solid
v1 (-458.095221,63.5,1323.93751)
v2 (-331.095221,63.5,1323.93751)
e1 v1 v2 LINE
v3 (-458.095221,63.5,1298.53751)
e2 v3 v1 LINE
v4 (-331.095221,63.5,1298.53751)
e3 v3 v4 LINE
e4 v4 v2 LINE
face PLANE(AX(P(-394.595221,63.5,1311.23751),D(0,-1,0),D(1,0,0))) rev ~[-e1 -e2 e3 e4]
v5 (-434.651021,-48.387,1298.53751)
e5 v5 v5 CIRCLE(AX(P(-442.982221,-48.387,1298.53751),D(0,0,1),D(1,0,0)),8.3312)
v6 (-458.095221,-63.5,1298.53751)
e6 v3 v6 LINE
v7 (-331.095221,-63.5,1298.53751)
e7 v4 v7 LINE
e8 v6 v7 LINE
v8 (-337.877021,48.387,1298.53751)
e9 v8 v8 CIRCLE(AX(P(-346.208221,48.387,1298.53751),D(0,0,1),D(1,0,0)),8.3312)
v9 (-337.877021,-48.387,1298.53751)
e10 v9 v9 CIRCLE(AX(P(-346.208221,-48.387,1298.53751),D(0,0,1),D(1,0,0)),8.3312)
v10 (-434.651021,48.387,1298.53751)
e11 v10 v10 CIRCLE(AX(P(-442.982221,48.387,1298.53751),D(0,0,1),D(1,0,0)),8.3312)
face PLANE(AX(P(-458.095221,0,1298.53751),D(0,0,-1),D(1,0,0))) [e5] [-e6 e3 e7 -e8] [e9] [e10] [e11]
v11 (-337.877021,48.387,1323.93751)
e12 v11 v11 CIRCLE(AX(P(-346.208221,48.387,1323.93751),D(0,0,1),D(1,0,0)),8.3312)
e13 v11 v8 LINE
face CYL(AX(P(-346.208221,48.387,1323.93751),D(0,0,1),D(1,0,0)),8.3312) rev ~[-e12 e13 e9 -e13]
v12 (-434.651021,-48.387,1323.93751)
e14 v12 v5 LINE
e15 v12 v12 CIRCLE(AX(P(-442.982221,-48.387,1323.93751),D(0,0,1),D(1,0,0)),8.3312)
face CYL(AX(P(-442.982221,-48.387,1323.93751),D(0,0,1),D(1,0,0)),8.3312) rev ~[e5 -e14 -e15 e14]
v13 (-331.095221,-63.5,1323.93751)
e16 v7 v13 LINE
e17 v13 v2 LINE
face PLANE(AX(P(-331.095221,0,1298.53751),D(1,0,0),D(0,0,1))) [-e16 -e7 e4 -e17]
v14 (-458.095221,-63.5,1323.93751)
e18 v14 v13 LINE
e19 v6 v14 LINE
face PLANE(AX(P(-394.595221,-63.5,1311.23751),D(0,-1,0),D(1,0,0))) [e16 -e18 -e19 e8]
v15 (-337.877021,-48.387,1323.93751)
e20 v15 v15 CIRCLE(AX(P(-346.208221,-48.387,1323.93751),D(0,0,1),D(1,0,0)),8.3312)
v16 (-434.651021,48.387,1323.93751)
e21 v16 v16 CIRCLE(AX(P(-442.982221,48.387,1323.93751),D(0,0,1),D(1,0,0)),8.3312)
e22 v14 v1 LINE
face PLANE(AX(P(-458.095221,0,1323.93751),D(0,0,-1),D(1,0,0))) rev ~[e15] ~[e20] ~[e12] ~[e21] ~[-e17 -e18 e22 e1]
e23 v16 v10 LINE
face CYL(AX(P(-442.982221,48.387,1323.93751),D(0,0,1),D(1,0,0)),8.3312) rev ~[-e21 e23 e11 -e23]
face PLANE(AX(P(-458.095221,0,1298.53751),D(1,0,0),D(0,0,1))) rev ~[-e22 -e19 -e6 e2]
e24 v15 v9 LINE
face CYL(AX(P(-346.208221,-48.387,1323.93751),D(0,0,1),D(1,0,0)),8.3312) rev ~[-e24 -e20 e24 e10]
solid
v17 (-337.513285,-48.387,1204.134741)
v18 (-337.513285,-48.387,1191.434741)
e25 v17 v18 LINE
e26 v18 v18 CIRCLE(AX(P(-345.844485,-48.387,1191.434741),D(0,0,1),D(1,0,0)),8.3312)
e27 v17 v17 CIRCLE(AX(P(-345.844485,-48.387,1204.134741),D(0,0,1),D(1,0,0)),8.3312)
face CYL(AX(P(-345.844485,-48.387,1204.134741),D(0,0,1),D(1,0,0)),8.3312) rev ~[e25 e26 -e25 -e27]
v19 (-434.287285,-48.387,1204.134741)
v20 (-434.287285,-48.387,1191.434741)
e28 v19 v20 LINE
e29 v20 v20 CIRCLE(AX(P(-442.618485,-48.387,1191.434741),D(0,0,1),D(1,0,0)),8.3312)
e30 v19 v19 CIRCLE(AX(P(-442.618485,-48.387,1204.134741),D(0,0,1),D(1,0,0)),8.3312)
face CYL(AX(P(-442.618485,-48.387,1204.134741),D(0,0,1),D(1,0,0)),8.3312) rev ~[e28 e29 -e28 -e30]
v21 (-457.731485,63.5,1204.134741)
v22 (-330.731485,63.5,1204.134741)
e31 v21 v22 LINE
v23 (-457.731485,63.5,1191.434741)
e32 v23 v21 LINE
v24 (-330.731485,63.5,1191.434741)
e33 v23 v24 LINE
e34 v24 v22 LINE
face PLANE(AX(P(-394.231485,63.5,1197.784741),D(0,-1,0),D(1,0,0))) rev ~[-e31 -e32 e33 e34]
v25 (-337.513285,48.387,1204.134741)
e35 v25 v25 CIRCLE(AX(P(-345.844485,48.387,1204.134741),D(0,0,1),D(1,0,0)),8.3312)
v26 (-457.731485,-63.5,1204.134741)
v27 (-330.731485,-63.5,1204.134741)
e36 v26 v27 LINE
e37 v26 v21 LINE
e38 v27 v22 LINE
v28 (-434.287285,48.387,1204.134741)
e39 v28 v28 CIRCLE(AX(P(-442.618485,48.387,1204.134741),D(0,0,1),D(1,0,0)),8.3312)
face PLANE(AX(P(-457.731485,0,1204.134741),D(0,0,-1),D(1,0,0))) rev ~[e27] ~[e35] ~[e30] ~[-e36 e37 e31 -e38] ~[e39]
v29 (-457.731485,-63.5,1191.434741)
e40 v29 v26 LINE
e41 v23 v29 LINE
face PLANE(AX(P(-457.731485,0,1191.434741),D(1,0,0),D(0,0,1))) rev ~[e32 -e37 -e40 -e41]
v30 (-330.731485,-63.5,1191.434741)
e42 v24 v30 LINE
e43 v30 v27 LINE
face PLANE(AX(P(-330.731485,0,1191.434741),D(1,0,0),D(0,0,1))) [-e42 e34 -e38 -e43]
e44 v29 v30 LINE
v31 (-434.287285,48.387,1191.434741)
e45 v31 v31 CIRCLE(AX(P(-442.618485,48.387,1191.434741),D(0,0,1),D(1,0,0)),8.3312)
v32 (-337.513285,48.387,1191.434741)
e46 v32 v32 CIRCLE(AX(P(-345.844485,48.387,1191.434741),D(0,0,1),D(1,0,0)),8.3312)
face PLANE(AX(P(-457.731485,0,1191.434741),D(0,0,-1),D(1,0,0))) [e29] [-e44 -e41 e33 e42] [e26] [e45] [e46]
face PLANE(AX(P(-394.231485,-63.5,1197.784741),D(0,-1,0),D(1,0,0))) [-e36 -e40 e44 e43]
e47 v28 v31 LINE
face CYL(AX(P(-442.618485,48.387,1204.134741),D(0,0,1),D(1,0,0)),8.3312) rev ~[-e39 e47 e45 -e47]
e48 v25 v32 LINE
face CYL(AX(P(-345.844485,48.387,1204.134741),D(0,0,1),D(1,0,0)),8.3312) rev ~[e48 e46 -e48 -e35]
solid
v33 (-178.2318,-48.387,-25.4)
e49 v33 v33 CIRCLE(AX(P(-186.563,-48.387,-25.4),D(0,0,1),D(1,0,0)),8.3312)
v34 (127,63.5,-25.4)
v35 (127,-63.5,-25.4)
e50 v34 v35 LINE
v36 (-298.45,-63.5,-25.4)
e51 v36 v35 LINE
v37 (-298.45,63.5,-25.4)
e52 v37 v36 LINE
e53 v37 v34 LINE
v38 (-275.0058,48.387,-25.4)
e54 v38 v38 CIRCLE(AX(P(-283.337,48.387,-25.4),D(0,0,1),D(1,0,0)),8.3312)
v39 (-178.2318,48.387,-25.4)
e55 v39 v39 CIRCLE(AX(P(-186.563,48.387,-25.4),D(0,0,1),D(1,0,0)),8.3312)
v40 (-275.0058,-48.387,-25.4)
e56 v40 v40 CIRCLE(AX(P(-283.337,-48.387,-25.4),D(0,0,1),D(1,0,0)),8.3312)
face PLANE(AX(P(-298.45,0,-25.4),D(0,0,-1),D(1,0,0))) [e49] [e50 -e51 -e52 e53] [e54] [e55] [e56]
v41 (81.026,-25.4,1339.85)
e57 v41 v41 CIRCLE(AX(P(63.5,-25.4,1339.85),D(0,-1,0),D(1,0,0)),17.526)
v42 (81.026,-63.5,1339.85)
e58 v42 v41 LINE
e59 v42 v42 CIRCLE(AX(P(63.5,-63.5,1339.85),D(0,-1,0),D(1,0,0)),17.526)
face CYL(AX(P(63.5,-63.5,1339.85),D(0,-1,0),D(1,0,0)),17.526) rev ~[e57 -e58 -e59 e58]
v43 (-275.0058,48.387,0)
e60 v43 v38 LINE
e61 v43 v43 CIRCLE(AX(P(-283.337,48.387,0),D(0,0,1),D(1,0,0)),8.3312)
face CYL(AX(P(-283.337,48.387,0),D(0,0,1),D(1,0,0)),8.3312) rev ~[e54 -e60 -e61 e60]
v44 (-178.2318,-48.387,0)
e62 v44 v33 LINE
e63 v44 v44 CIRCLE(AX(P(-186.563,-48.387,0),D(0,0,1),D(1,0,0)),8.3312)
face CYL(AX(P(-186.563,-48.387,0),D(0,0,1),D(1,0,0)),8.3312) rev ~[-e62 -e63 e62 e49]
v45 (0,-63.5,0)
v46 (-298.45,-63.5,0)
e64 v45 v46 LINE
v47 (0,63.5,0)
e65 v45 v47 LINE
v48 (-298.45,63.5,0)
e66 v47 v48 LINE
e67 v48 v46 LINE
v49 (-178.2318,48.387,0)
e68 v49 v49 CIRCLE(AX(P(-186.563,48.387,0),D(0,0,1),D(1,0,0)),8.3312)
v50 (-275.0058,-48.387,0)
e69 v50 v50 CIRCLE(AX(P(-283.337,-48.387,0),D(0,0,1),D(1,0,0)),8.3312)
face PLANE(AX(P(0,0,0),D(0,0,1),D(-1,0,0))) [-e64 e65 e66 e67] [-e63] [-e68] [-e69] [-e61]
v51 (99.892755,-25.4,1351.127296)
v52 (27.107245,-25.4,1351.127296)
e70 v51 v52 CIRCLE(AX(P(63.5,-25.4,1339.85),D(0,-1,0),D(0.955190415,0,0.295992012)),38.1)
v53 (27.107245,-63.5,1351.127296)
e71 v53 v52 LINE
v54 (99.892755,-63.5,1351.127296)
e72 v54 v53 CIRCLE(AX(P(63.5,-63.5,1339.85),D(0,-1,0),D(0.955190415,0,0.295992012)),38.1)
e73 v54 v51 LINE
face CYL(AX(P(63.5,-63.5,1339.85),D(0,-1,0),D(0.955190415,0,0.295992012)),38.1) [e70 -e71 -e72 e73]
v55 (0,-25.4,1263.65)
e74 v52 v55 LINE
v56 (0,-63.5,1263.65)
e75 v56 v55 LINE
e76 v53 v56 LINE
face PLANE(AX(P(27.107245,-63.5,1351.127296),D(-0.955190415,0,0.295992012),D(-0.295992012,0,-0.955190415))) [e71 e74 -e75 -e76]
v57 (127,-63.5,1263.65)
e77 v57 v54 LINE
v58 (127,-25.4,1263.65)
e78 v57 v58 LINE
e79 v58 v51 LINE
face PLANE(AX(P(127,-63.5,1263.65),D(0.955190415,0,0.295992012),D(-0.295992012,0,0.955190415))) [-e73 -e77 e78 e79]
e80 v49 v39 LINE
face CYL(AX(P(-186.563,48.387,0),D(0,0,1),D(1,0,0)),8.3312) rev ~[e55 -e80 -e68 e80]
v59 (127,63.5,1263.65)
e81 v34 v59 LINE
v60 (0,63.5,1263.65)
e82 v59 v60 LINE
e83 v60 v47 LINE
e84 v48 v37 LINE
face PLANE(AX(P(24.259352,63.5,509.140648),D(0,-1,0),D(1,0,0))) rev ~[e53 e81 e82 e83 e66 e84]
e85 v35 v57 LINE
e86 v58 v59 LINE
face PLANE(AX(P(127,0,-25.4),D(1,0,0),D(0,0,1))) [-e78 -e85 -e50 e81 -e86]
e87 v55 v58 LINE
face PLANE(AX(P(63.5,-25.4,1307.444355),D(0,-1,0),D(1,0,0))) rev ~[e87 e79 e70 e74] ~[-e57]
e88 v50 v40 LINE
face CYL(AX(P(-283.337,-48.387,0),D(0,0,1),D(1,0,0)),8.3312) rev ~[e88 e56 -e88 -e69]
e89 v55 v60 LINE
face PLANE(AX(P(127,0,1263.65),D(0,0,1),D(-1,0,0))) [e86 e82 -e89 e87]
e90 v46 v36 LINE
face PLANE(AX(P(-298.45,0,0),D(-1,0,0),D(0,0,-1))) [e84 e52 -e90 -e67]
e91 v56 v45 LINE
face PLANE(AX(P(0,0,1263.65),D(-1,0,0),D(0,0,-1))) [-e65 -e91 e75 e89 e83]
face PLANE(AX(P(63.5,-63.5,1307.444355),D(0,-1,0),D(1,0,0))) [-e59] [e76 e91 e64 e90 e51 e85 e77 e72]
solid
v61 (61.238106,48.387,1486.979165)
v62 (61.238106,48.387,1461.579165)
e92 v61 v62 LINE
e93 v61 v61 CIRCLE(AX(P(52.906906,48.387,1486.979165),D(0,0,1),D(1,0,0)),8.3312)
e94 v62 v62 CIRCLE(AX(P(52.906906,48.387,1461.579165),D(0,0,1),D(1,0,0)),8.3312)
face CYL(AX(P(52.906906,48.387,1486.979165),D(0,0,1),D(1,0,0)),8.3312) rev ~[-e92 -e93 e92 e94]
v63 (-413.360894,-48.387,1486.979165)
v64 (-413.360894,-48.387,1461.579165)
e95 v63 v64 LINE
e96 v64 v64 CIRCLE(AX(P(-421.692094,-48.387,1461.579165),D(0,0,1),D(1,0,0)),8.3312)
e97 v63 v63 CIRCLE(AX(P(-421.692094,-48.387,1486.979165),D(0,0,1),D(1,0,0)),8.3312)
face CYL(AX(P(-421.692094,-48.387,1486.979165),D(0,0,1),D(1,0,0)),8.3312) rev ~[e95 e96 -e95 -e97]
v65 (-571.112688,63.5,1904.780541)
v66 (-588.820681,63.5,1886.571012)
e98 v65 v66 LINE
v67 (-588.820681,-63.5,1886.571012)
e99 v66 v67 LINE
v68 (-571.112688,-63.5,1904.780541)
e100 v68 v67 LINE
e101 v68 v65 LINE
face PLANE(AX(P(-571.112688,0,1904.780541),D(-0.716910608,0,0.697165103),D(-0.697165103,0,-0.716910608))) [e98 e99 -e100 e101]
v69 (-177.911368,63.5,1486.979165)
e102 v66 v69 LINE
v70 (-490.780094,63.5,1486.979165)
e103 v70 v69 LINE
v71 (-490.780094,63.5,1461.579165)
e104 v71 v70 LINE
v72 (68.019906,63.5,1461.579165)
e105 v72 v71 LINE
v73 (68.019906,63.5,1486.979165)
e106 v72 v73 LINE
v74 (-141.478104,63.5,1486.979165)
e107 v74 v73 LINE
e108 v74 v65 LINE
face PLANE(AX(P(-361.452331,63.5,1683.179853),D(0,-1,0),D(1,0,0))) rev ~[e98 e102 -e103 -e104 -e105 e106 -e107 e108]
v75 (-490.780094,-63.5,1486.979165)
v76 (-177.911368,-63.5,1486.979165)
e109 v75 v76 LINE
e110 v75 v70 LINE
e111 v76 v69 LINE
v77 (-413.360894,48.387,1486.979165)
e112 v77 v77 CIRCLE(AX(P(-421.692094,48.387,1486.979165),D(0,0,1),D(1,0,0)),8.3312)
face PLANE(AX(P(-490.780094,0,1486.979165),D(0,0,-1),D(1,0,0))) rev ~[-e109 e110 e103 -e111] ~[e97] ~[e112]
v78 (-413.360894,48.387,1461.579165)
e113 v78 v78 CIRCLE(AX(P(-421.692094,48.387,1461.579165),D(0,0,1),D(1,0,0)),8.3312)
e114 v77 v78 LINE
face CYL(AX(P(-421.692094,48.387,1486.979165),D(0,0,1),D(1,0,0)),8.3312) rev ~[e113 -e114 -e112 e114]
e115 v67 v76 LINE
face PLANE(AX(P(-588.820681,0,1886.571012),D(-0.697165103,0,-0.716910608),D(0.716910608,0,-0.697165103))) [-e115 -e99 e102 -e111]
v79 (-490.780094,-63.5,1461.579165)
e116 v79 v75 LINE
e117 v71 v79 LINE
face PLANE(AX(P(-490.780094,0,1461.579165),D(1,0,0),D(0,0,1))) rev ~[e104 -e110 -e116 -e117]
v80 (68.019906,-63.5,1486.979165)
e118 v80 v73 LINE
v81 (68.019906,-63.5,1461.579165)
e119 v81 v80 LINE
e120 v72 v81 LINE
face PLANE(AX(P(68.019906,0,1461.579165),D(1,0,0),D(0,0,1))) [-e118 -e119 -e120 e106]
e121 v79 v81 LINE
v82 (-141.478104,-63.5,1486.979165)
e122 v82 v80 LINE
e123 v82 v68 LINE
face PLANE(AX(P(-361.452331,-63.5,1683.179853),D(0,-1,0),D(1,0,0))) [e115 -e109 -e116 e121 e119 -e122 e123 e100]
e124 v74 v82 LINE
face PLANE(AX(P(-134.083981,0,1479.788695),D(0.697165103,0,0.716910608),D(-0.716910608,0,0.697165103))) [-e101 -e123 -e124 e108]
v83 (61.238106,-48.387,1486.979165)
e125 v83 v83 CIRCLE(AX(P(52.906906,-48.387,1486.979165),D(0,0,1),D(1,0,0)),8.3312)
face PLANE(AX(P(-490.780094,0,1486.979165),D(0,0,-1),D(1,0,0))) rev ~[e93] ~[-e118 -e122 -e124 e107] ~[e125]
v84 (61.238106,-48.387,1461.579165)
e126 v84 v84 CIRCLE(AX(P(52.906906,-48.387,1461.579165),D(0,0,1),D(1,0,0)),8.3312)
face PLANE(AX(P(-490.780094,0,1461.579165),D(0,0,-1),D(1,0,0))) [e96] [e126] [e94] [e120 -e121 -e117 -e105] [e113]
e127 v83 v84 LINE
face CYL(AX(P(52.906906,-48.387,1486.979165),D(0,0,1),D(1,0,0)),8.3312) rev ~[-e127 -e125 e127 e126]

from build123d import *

# Parameters (mm, degrees)
F1_DEPTH  = 63.5
F3_R      = 8.3312
F4_DEPTH  = 25.401
F5_R      = 17.526
F6_DEPTH  = 38.1
F7_W      = 558.8
F7_H      = 25.4
F8_DEPTH  = 63.5
F9_R      = 8.3312
F10_DEPTH = 1512.3801652679
F12_DEPTH = 63.5
F13_W     = 127
F13_H     = 25.4
F14_DEPTH = 63.5
F13_H_2   = 12.7
F15_R     = 8.3312
F16_DEPTH = 161.036
F17_R     = 8.3312
F18_DEPTH = 25.4


with BuildPart() as f1:
    # F0 (on Front) → F1 (new body, symmetric)
    with BuildSketch(Plane.XZ):
        Polygon((0, 0), (-298.45, 0), (-298.45, -25.4), (127, -25.4), (127, 1263.65), (0, 1263.65), align=None)
    extrude(amount=F1_DEPTH, both=True)

    # F3 (on face) → F4 (cut, through all)
    with BuildSketch(Plane.XY):
        with Locations((-283.337, -48.387)):
            Circle(F3_R)
        with Locations((-186.563, -48.387)):
            Circle(F3_R)
        with Locations((-186.563, 48.387)):
            Circle(F3_R)
        with Locations((-283.337, 48.387)):
            Circle(F3_R)
    extrude(amount=-F4_DEPTH, mode=Mode.SUBTRACT)

    # F5 (on face) → F6 (join)
    with BuildSketch(Plane.XZ.offset(63.5)):
        with BuildLine():
            Line((127, 1263.65), (99.8927548056, 1351.1272956713))
            ThreePointArc((99.8927548056, 1351.1272956713), (63.5, 1377.95), (27.1072451944, 1351.1272956713))
            Line((27.1072451944, 1351.1272956713), (0, 1263.65))
            Line((0, 1263.65), (127, 1263.65))
        make_face()
        with Locations((63.5, 1339.85)):
            Circle(F5_R, mode=Mode.SUBTRACT)
    extrude(amount=-F6_DEPTH)


with BuildPart() as f8:
    # F7 (on Front) → F8 (new body, symmetric)
    with BuildSketch(Plane.XZ):
        with Locations((-211.3800937393, 1474.2791652679)):
            Rectangle(F7_W, F7_H)
    extrude(amount=F8_DEPTH, both=True)

    # F9 (on face) → F10 (cut, through all)
    with BuildSketch(Plane.XY.offset(1486.9791652679)):
        with Locations((-421.6920937393, -48.387)):
            Circle(F9_R)
        with Locations((52.9069062607, -48.387)):
            Circle(F9_R)
        with Locations((52.9069062607, 48.387)):
            Circle(F9_R)
        with Locations((-421.6920937393, 48.387)):
            Circle(F9_R)
    extrude(amount=-F10_DEPTH, mode=Mode.SUBTRACT)

    # F11 (on Front) → F12 (join, symmetric)
    with BuildSketch(Plane.XZ):
        Polygon((-571.1126877134, 1904.7805414024), (-588.8206813259, 1886.5710119681), (-151.7919749022, 1461.5791652679), (-134.0839812896, 1479.7886947023), align=None)
    extrude(amount=F12_DEPTH, both=True)


with BuildPart() as f14:
    # F13 (on Front) → F14 (new body, symmetric)
    with BuildSketch(Plane.XZ):
        with Locations((-394.595220685, 1311.2375096946)):
            Rectangle(F13_W, F13_H)
    extrude(amount=F14_DEPTH, both=True)

    # F15 (on face) → F16 (cut)
    with BuildSketch(Plane.XY.offset(1323.9375096946)):
        with Locations((-442.982220685, -48.387)):
            Circle(F15_R)
        with Locations((-442.982220685, 48.387)):
            Circle(F15_R)
        with Locations((-346.208220685, -48.387)):
            Circle(F15_R)
        with Locations((-346.208220685, 48.387)):
            Circle(F15_R)
    extrude(amount=-F16_DEPTH, mode=Mode.SUBTRACT)


with BuildPart() as f14b:
    # F13 (on Front) → F14, piece 2 (new body, symmetric)
    with BuildSketch(Plane.XZ):
        with Locations((-394.2314853668, 1197.7847410202)):
            Rectangle(F13_W, F13_H_2)
    extrude(amount=F14_DEPTH, both=True)

    # F17 (on face) → F18 (cut)
    with BuildSketch(Plane.XY.offset(1204.1347410202)):
        with Locations((-442.6184853668, -48.387)):
            Circle(F17_R)
        with Locations((-442.6184853668, 48.387)):
            Circle(F17_R)
        with Locations((-345.8444853668, -48.387)):
            Circle(F17_R)
        with Locations((-345.8444853668, 48.387)):
            Circle(F17_R)
    extrude(amount=-F18_DEPTH, mode=Mode.SUBTRACT)


solid = Compound([f1.part, f8.part, f14.part, f14b.part])
